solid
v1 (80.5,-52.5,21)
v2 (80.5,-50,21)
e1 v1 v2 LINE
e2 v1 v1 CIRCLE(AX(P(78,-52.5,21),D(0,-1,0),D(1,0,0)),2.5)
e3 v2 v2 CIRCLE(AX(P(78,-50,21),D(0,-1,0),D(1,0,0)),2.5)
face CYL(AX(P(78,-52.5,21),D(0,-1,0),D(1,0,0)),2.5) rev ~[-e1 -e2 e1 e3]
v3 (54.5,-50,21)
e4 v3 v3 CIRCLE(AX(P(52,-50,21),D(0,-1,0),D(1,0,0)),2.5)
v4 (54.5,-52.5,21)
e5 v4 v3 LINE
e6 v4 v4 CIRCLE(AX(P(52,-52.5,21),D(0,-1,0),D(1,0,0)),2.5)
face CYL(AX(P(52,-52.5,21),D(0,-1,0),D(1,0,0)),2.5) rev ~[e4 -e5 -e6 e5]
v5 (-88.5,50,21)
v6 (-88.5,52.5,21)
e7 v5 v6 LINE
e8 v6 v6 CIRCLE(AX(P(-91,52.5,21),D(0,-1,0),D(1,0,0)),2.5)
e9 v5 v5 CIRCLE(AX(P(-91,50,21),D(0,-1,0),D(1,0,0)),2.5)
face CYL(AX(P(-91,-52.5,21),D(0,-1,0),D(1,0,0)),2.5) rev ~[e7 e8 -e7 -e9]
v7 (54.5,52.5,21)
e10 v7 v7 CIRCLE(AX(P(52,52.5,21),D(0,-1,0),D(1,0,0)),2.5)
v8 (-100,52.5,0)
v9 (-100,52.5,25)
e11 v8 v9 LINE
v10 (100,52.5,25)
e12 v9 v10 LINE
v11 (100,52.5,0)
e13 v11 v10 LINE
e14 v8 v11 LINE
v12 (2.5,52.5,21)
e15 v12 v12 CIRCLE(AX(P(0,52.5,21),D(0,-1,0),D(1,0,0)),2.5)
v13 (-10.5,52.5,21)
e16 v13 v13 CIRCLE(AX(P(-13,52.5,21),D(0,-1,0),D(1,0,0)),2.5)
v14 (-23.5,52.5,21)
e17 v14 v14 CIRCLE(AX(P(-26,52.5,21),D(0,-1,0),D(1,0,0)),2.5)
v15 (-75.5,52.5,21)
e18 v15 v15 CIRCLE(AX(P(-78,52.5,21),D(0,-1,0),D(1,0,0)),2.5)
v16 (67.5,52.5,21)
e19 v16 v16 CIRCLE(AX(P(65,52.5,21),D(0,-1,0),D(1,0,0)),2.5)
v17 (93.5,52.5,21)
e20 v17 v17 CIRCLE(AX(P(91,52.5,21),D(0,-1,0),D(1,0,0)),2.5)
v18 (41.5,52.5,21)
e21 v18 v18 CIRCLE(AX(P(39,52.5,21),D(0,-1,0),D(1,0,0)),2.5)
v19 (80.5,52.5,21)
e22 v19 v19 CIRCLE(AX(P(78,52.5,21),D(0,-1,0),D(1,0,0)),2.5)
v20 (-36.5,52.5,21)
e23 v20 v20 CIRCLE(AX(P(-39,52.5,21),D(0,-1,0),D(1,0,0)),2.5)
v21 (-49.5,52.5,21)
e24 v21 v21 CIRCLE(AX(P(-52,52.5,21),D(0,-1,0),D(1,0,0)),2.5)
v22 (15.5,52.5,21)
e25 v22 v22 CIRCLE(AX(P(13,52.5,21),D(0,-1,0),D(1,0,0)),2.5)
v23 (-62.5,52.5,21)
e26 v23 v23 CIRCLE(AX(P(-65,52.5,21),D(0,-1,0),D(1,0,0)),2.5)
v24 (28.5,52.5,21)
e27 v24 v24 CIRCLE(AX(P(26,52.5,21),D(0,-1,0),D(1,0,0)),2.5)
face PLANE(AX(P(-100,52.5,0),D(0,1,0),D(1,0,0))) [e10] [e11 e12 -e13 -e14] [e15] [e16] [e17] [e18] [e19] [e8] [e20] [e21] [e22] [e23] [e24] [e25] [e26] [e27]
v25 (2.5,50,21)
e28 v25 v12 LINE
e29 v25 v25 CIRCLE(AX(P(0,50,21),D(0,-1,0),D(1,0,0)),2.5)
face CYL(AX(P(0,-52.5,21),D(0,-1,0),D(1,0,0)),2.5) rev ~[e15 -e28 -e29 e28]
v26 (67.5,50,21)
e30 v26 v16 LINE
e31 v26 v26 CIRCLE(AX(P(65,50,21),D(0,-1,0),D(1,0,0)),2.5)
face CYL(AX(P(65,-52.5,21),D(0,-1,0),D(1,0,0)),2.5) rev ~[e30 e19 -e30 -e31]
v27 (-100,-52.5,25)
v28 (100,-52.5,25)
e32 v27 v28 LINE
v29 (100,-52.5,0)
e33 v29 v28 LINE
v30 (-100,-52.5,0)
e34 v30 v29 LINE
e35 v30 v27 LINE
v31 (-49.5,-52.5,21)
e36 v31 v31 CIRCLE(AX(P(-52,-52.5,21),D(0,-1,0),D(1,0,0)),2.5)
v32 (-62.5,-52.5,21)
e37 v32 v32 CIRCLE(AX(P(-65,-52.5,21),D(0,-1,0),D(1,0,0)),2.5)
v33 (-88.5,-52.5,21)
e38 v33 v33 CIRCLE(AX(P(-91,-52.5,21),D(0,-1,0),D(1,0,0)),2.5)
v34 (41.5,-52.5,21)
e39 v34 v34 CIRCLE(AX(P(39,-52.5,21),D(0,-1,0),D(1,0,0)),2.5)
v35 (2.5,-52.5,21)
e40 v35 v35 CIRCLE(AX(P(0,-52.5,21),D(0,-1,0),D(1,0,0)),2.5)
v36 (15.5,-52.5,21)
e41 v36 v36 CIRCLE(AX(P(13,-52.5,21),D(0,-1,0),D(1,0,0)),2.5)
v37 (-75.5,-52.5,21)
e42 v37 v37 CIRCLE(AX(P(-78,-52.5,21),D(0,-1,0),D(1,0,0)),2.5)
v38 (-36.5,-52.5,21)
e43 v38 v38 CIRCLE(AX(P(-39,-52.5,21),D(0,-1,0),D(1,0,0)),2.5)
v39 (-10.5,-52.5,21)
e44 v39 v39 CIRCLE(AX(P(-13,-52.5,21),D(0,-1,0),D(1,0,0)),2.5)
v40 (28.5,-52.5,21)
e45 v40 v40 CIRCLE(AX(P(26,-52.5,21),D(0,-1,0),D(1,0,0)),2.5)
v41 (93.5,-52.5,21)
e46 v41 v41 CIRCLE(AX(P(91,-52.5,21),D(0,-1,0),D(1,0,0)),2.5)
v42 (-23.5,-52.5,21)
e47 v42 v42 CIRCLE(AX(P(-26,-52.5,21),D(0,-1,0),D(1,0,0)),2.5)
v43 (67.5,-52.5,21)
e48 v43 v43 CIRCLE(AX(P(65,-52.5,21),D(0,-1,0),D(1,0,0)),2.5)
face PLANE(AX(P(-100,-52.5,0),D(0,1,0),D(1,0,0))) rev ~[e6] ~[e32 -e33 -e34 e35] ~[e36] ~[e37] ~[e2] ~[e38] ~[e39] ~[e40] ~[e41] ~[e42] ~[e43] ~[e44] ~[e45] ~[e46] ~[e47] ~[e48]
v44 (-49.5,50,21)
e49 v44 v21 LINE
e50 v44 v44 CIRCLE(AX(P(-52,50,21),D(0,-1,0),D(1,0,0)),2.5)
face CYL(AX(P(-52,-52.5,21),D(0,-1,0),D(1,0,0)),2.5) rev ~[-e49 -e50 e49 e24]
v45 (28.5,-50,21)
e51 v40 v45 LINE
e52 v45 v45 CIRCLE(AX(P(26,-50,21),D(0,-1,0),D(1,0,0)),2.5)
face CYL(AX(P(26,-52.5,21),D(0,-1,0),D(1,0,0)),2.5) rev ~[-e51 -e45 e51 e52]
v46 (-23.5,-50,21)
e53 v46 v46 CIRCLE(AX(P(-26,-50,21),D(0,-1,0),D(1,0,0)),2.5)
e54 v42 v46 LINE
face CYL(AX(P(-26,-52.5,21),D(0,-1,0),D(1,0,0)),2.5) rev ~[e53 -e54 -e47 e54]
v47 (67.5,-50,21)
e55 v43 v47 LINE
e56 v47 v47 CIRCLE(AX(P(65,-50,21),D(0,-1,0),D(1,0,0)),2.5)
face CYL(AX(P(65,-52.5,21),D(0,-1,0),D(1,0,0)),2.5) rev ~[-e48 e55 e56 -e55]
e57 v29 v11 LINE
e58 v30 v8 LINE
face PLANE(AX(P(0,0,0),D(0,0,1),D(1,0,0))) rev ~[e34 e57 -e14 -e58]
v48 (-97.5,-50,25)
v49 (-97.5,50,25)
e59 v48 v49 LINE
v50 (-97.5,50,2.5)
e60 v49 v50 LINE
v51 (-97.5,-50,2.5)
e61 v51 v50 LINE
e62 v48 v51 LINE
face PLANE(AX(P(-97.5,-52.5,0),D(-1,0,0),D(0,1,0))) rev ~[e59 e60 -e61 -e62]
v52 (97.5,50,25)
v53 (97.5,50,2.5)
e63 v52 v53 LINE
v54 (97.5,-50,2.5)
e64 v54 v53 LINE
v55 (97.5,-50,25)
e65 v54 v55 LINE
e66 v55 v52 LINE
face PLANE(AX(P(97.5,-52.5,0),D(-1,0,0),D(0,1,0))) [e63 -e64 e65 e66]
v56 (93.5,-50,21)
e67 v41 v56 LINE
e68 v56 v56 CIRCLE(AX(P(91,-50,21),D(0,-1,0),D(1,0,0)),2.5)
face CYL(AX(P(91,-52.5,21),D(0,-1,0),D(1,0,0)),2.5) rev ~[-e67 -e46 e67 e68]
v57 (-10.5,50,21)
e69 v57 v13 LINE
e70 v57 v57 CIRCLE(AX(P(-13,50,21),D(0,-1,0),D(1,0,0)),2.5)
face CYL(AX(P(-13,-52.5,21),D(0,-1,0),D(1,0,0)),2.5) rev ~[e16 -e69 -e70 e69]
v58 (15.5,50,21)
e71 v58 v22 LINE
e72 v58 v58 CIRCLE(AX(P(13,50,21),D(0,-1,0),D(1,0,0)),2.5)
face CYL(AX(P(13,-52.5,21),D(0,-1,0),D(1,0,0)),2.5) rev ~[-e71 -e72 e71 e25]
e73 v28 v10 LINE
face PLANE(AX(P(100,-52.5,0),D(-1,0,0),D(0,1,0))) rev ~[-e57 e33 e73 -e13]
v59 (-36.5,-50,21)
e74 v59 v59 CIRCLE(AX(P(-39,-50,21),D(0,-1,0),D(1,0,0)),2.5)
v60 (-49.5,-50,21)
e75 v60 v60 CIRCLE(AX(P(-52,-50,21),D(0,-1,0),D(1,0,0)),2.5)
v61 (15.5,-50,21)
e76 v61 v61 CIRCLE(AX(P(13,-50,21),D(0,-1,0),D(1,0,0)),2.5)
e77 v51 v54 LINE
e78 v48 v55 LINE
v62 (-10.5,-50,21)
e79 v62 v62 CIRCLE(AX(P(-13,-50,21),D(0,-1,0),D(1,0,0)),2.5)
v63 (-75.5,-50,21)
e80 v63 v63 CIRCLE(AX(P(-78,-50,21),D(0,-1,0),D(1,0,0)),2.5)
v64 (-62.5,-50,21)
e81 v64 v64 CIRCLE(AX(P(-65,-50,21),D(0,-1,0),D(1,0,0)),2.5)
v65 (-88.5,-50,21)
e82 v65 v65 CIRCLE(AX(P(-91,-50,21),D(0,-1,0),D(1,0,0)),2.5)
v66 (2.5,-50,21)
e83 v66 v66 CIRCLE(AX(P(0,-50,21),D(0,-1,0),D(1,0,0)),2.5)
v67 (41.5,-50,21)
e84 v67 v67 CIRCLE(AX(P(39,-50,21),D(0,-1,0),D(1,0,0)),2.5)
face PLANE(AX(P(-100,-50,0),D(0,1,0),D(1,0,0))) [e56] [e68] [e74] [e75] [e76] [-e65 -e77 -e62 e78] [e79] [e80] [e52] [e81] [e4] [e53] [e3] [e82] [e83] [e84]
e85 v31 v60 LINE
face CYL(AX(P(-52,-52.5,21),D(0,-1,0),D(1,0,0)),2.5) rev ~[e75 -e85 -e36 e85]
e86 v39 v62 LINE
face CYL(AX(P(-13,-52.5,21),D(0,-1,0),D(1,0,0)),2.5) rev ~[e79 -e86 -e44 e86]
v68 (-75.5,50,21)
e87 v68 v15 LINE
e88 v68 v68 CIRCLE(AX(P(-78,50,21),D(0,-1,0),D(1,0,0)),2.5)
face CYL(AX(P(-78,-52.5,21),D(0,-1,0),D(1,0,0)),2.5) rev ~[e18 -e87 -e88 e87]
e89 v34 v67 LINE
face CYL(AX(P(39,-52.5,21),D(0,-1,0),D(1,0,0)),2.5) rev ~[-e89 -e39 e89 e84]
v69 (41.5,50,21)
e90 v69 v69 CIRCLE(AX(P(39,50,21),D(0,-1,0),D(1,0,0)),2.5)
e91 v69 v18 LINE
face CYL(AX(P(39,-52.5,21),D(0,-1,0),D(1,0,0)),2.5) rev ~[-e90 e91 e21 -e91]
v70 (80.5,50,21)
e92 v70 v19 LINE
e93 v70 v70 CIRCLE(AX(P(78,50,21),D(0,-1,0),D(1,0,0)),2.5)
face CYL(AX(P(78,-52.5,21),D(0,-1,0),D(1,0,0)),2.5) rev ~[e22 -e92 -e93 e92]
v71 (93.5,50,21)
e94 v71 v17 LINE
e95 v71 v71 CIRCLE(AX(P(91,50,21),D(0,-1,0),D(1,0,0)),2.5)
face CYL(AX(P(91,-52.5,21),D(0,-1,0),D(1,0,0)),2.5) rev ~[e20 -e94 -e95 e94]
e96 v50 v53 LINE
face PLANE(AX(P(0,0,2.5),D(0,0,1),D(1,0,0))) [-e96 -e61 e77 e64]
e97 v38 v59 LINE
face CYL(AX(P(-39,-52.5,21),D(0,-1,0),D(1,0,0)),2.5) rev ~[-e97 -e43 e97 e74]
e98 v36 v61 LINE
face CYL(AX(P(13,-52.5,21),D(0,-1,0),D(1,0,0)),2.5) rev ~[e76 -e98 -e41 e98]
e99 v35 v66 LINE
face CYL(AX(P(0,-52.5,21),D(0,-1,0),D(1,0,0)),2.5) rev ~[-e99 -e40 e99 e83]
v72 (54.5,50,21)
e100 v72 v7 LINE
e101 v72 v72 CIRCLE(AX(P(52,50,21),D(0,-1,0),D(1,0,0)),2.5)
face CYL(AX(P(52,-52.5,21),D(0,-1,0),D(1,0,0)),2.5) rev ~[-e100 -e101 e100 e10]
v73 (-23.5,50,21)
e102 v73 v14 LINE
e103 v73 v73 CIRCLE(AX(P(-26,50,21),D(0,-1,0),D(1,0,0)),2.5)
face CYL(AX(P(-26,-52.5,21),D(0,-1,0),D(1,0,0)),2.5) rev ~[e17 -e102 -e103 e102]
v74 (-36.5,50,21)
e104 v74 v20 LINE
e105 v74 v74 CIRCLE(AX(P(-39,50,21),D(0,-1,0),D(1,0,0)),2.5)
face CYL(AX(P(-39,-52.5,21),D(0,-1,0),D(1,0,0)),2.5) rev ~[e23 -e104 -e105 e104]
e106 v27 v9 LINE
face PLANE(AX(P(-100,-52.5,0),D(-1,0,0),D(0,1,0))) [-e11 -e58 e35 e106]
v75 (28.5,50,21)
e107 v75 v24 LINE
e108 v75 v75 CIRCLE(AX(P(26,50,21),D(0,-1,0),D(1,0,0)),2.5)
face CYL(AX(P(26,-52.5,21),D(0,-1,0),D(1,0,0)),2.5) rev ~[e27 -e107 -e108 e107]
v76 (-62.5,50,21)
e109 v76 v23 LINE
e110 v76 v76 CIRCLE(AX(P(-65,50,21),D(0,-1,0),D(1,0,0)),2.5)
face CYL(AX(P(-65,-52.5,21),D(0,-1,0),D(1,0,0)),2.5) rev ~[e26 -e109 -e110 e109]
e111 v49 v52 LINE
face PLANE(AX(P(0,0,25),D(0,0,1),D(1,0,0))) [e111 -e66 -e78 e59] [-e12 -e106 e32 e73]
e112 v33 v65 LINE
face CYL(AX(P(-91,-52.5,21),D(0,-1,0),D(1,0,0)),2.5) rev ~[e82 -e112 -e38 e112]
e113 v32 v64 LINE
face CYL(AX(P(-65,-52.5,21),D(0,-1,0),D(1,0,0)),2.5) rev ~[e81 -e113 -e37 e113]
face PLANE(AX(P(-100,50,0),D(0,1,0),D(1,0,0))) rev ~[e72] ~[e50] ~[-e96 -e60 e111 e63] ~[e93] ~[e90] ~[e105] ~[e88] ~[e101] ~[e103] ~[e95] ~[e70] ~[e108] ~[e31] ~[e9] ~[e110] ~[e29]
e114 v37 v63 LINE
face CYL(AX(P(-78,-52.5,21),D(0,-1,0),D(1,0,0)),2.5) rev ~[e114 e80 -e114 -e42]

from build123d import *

# Parameters (mm, degrees)
F0_W     = 200
F0_H     = 105
F1_DEPTH = 25
F2_T     = -2.5
F3_R     = 2.5
F4_DEPTH = 105


with BuildPart() as f1:
    # F0 (on Top) → F1 (new body)
    with BuildSketch(Plane.XY):
        Rectangle(F0_W, F0_H)
    extrude(amount=F1_DEPTH)

    # F2
    f2_openings = [f1.faces().sort_by_distance(p)[0] for p in [
        (0, 0, 25),
    ]]
    offset(amount=F2_T, openings=f2_openings)

    # F3 (on face) → F4 (cut, through all)
    with BuildSketch(Plane.XZ.offset(52.5)):
        with Locations((-91, 21)):
            Circle(F3_R)
        with Locations((-78, 21)):
            Circle(F3_R)
        with Locations((-65, 21)):
            Circle(F3_R)
        with Locations((-52, 21)):
            Circle(F3_R)
        with Locations((-39, 21)):
            Circle(F3_R)
        with Locations((-26, 21)):
            Circle(F3_R)
        with Locations((-13, 21)):
            Circle(F3_R)
        with Locations((0, 21)):
            Circle(F3_R)
        with Locations((13, 21)):
            Circle(F3_R)
        with Locations((26, 21)):
            Circle(F3_R)
        with Locations((39, 21)):
            Circle(F3_R)
        with Locations((52, 21)):
            Circle(F3_R)
        with Locations((65, 21)):
            Circle(F3_R)
        with Locations((78, 21)):
            Circle(F3_R)
        with Locations((91, 21)):
            Circle(F3_R)
    extrude(amount=-F4_DEPTH, mode=Mode.SUBTRACT)


solid = f1.part
